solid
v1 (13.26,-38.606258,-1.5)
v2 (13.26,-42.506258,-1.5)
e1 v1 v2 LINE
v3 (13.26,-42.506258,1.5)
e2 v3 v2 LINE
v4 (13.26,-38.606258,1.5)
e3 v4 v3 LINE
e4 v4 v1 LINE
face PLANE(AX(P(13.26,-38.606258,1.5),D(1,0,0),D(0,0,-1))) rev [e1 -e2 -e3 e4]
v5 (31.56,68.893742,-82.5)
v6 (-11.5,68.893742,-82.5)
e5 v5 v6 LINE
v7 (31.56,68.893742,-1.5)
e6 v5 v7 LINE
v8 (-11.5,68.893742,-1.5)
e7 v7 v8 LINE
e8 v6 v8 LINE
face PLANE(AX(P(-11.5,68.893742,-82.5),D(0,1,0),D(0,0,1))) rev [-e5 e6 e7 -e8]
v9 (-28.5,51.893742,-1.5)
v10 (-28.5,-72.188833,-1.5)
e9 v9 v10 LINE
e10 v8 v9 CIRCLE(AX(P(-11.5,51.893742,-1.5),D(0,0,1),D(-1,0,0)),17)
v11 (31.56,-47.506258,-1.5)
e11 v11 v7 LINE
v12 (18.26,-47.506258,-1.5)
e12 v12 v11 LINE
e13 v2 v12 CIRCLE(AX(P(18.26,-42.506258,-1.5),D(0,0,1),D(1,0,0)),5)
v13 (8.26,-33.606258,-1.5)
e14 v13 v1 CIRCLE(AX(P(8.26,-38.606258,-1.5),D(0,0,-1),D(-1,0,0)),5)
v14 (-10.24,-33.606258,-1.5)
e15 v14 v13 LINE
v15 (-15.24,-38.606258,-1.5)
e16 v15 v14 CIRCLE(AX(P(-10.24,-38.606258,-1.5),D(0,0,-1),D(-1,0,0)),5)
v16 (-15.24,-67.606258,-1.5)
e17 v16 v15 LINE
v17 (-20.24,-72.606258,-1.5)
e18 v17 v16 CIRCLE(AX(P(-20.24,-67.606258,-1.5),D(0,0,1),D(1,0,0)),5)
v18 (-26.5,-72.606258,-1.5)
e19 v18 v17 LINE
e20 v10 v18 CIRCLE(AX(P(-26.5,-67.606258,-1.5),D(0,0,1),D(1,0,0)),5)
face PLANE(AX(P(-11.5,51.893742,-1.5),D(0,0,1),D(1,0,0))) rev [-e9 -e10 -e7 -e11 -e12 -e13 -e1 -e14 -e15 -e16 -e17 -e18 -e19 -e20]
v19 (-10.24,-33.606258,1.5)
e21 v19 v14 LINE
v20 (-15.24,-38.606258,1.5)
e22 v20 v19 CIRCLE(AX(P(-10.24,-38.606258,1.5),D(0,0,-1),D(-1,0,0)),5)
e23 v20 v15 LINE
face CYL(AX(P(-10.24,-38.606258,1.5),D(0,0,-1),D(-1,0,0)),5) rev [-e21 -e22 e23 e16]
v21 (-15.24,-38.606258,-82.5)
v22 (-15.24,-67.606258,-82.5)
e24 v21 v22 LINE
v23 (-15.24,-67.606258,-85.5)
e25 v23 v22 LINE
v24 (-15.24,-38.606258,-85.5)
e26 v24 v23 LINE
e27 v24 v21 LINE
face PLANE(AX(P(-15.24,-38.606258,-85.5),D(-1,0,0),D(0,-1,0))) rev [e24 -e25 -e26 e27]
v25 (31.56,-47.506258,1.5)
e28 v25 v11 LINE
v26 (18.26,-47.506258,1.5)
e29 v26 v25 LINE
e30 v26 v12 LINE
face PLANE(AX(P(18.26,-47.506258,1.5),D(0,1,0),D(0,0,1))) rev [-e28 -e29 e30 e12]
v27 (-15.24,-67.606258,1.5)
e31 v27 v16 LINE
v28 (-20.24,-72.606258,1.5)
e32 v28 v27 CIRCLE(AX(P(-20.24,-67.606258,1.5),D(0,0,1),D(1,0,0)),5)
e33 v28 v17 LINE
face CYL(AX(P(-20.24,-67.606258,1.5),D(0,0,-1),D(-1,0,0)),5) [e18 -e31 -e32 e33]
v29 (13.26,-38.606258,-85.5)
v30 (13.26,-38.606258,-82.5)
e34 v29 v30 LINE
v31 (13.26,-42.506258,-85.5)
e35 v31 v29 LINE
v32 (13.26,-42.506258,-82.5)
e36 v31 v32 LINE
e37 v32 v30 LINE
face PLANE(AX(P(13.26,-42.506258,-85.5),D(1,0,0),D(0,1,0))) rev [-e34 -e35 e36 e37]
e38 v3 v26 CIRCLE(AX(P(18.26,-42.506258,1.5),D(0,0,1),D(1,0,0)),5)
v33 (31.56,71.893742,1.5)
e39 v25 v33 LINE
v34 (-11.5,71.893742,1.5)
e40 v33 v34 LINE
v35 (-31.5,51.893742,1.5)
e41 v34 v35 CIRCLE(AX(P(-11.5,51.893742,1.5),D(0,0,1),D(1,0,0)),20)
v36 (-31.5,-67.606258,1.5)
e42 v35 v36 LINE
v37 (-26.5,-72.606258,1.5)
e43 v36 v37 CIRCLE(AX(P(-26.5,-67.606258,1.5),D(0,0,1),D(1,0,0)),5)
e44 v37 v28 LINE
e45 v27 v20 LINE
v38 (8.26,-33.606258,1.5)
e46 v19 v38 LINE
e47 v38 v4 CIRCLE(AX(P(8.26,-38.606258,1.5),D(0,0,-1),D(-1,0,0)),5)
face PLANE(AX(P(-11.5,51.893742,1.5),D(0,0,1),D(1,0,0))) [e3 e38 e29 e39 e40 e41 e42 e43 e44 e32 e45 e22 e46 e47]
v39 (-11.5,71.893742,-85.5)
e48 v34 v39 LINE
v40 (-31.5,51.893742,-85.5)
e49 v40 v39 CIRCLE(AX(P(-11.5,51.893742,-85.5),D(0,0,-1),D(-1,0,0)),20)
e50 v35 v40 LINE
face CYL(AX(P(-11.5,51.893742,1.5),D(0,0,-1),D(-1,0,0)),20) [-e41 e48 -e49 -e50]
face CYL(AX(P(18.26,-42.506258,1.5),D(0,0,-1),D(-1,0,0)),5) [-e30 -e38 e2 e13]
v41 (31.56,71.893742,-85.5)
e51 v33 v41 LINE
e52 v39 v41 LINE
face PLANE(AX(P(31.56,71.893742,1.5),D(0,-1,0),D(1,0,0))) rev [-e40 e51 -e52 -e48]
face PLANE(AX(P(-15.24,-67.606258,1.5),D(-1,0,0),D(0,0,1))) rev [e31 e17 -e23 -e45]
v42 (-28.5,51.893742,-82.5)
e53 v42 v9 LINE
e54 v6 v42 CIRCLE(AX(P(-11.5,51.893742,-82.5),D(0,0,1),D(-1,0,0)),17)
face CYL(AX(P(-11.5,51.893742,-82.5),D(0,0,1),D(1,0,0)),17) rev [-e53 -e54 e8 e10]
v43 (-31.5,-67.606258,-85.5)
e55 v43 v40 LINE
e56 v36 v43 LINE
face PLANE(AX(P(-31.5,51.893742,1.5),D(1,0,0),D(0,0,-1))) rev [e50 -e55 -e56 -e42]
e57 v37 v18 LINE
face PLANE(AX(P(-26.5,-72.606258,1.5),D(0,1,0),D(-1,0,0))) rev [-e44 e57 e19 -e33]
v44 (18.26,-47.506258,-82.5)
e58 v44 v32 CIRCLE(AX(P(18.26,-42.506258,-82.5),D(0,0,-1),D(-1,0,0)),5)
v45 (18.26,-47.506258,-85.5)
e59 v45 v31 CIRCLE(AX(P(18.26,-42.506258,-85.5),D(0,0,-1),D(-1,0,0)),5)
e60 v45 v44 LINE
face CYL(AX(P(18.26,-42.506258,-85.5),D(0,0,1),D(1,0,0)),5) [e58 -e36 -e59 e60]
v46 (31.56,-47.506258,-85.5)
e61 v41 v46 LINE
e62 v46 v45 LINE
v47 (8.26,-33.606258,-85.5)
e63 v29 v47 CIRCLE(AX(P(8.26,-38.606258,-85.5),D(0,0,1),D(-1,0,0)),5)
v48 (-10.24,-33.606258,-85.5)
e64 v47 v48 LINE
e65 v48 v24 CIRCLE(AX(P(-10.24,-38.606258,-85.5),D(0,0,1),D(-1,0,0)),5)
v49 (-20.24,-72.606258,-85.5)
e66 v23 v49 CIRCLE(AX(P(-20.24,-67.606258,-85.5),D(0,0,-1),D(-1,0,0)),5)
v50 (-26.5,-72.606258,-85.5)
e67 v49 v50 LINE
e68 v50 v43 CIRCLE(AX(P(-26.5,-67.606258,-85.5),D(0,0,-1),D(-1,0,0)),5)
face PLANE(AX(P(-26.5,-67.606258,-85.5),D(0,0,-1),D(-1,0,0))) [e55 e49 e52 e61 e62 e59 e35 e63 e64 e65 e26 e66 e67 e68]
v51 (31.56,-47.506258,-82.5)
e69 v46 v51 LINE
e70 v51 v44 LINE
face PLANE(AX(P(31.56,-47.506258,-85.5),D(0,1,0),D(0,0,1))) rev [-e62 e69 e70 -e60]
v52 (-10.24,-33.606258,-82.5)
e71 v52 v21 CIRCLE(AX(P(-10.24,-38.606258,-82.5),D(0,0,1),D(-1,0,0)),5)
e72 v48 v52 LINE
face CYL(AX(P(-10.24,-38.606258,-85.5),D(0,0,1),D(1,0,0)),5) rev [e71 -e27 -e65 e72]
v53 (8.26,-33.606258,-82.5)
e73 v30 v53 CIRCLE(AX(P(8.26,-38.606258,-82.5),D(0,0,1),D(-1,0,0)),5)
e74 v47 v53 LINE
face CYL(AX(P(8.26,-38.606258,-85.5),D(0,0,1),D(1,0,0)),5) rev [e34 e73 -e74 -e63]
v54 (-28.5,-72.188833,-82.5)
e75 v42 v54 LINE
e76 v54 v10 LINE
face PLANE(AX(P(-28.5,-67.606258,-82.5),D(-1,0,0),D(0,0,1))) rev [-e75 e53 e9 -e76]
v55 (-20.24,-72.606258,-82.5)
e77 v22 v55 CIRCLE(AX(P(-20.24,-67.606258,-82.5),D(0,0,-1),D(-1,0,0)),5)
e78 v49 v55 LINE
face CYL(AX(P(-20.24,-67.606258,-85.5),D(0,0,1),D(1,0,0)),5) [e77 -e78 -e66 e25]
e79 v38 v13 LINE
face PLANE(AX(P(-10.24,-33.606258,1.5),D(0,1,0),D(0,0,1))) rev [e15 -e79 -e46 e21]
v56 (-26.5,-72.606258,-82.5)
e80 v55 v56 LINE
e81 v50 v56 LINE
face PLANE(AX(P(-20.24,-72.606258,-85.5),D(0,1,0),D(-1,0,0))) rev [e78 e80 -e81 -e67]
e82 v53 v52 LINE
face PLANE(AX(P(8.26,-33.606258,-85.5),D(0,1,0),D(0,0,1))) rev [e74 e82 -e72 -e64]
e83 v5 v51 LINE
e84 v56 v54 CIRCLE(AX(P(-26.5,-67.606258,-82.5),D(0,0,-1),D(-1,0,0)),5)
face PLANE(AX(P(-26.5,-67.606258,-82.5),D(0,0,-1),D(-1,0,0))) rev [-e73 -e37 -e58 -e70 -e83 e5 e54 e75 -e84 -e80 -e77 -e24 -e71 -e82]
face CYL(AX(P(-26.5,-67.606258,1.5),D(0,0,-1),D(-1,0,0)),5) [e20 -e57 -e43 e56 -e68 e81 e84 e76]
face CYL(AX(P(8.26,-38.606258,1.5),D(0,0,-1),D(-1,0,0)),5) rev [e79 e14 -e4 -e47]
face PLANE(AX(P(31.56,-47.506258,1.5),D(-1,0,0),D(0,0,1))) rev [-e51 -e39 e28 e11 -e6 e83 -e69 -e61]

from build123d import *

# Parameters (mm, degrees)
BOSS_EXTRUDE1_DEPTH = 1.5
BOSS_EXTRUDE2_DEPTH = 81
BOSS_EXTRUDE3_DEPTH = 3


with BuildPart() as part:
    # Sketch1 → Boss-Extrude1 (new, symmetric)
    with BuildSketch(Plane.XY):
        with BuildLine():
            Line((31.56, -47.50625778), (31.56, 71.89374222))
            Line((31.56, 71.89374222), (-11.5, 71.89374222))
            ThreePointArc((-11.5, 71.89374222), (-25.642135624, 66.035877844), (-31.5, 51.89374222))
            Line((-31.5, 51.89374222), (-31.5, -67.60625778))
            ThreePointArc((-31.5, -67.60625778), (-30.035533906, -71.141791686), (-26.5, -72.60625778))
            Line((-26.5, -72.60625778), (-20.24, -72.60625778))
            ThreePointArc((-20.24, -72.60625778), (-16.704466094, -71.141791686), (-15.24, -67.60625778))
            Line((-15.24, -67.60625778), (-15.24, -38.60625778))
            ThreePointArc((-15.24, -38.60625778), (-13.775533906, -35.070723874), (-10.24, -33.60625778))
            Line((-10.24, -33.60625778), (8.26, -33.60625778))
            ThreePointArc((8.26, -33.60625778), (11.795533906, -35.070723874), (13.26, -38.60625778))
            Line((13.26, -38.60625778), (13.26, -42.50625778))
            ThreePointArc((13.26, -42.50625778), (14.724466094, -46.041791686), (18.26, -47.50625778))
            Line((18.26, -47.50625778), (31.56, -47.50625778))
        make_face()
    extrude(amount=BOSS_EXTRUDE1_DEPTH, both=True)

    # Sketch2 → Boss-Extrude2 (add)
    with BuildSketch(Plane(origin=(0, 0, -1.5), x_dir=(-1, 0, 0), z_dir=(0, 0, -1))):
        with BuildLine():
            Line((28.5, -67.60625778), (28.5, 51.89374222))
            ThreePointArc((28.5, 51.89374222), (23.52081528, 63.9145575), (11.5, 68.89374222))
            Line((11.5, 68.89374222), (-28.56, 68.89374222))
            Line((-28.56, 68.89374222), (-31.56, 68.89374222))
            Line((-31.56, 68.89374222), (-31.56, 71.89374222))
            Line((-31.56, 71.89374222), (11.5, 71.89374222))
            ThreePointArc((11.5, 71.89374222), (25.642135624, 66.035877844), (31.5, 51.89374222))
            Line((31.5, 51.89374222), (31.5, -67.60625778))
            ThreePointArc((31.5, -67.60625778), (30.683300133, -70.344870568), (28.5, -72.188833475))
            Line((28.5, -72.188833475), (28.5, -67.60625778))
        make_face()
    extrude(amount=BOSS_EXTRUDE2_DEPTH)

    # Sketch3 → Boss-Extrude3 (add)
    with BuildSketch(Plane(origin=(0, 0, -82.5), x_dir=(-1, 0, 0), z_dir=(0, 0, -1))):
        with BuildLine():
            Line((-31.56, 68.89374222), (-31.56, 71.89374222))
            Line((-31.56, 71.89374222), (11.5, 71.89374222))
            ThreePointArc((11.5, 71.89374222), (25.642135624, 66.035877844), (31.5, 51.89374222))
            Line((31.5, 51.89374222), (31.5, -67.60625778))
            ThreePointArc((31.5, -67.60625778), (30.683300133, -70.344870568), (28.5, -72.188833475))
            ThreePointArc((28.5, -72.188833475), (27.521548218, -72.500789345), (26.5, -72.60625778))
            Line((26.5, -72.60625778), (20.24, -72.60625778))
            ThreePointArc((20.24, -72.60625778), (16.704466094, -71.141791686), (15.24, -67.60625778))
            Line((15.24, -67.60625778), (15.24, -38.60625778))
            ThreePointArc((15.24, -38.60625778), (13.775533906, -35.070723874), (10.24, -33.60625778))
            Line((10.24, -33.60625778), (-8.26, -33.60625778))
            ThreePointArc((-8.26, -33.60625778), (-11.795533906, -35.070723874), (-13.26, -38.60625778))
            Line((-13.26, -38.60625778), (-13.26, -42.50625778))
            ThreePointArc((-13.26, -42.50625778), (-14.724466094, -46.041791686), (-18.26, -47.50625778))
            Line((-18.26, -47.50625778), (-31.56, -47.50625778))
            Line((-31.56, -47.50625778), (-31.56, 68.89374222))
        make_face()
    extrude(amount=BOSS_EXTRUDE3_DEPTH)


solid = part.part
